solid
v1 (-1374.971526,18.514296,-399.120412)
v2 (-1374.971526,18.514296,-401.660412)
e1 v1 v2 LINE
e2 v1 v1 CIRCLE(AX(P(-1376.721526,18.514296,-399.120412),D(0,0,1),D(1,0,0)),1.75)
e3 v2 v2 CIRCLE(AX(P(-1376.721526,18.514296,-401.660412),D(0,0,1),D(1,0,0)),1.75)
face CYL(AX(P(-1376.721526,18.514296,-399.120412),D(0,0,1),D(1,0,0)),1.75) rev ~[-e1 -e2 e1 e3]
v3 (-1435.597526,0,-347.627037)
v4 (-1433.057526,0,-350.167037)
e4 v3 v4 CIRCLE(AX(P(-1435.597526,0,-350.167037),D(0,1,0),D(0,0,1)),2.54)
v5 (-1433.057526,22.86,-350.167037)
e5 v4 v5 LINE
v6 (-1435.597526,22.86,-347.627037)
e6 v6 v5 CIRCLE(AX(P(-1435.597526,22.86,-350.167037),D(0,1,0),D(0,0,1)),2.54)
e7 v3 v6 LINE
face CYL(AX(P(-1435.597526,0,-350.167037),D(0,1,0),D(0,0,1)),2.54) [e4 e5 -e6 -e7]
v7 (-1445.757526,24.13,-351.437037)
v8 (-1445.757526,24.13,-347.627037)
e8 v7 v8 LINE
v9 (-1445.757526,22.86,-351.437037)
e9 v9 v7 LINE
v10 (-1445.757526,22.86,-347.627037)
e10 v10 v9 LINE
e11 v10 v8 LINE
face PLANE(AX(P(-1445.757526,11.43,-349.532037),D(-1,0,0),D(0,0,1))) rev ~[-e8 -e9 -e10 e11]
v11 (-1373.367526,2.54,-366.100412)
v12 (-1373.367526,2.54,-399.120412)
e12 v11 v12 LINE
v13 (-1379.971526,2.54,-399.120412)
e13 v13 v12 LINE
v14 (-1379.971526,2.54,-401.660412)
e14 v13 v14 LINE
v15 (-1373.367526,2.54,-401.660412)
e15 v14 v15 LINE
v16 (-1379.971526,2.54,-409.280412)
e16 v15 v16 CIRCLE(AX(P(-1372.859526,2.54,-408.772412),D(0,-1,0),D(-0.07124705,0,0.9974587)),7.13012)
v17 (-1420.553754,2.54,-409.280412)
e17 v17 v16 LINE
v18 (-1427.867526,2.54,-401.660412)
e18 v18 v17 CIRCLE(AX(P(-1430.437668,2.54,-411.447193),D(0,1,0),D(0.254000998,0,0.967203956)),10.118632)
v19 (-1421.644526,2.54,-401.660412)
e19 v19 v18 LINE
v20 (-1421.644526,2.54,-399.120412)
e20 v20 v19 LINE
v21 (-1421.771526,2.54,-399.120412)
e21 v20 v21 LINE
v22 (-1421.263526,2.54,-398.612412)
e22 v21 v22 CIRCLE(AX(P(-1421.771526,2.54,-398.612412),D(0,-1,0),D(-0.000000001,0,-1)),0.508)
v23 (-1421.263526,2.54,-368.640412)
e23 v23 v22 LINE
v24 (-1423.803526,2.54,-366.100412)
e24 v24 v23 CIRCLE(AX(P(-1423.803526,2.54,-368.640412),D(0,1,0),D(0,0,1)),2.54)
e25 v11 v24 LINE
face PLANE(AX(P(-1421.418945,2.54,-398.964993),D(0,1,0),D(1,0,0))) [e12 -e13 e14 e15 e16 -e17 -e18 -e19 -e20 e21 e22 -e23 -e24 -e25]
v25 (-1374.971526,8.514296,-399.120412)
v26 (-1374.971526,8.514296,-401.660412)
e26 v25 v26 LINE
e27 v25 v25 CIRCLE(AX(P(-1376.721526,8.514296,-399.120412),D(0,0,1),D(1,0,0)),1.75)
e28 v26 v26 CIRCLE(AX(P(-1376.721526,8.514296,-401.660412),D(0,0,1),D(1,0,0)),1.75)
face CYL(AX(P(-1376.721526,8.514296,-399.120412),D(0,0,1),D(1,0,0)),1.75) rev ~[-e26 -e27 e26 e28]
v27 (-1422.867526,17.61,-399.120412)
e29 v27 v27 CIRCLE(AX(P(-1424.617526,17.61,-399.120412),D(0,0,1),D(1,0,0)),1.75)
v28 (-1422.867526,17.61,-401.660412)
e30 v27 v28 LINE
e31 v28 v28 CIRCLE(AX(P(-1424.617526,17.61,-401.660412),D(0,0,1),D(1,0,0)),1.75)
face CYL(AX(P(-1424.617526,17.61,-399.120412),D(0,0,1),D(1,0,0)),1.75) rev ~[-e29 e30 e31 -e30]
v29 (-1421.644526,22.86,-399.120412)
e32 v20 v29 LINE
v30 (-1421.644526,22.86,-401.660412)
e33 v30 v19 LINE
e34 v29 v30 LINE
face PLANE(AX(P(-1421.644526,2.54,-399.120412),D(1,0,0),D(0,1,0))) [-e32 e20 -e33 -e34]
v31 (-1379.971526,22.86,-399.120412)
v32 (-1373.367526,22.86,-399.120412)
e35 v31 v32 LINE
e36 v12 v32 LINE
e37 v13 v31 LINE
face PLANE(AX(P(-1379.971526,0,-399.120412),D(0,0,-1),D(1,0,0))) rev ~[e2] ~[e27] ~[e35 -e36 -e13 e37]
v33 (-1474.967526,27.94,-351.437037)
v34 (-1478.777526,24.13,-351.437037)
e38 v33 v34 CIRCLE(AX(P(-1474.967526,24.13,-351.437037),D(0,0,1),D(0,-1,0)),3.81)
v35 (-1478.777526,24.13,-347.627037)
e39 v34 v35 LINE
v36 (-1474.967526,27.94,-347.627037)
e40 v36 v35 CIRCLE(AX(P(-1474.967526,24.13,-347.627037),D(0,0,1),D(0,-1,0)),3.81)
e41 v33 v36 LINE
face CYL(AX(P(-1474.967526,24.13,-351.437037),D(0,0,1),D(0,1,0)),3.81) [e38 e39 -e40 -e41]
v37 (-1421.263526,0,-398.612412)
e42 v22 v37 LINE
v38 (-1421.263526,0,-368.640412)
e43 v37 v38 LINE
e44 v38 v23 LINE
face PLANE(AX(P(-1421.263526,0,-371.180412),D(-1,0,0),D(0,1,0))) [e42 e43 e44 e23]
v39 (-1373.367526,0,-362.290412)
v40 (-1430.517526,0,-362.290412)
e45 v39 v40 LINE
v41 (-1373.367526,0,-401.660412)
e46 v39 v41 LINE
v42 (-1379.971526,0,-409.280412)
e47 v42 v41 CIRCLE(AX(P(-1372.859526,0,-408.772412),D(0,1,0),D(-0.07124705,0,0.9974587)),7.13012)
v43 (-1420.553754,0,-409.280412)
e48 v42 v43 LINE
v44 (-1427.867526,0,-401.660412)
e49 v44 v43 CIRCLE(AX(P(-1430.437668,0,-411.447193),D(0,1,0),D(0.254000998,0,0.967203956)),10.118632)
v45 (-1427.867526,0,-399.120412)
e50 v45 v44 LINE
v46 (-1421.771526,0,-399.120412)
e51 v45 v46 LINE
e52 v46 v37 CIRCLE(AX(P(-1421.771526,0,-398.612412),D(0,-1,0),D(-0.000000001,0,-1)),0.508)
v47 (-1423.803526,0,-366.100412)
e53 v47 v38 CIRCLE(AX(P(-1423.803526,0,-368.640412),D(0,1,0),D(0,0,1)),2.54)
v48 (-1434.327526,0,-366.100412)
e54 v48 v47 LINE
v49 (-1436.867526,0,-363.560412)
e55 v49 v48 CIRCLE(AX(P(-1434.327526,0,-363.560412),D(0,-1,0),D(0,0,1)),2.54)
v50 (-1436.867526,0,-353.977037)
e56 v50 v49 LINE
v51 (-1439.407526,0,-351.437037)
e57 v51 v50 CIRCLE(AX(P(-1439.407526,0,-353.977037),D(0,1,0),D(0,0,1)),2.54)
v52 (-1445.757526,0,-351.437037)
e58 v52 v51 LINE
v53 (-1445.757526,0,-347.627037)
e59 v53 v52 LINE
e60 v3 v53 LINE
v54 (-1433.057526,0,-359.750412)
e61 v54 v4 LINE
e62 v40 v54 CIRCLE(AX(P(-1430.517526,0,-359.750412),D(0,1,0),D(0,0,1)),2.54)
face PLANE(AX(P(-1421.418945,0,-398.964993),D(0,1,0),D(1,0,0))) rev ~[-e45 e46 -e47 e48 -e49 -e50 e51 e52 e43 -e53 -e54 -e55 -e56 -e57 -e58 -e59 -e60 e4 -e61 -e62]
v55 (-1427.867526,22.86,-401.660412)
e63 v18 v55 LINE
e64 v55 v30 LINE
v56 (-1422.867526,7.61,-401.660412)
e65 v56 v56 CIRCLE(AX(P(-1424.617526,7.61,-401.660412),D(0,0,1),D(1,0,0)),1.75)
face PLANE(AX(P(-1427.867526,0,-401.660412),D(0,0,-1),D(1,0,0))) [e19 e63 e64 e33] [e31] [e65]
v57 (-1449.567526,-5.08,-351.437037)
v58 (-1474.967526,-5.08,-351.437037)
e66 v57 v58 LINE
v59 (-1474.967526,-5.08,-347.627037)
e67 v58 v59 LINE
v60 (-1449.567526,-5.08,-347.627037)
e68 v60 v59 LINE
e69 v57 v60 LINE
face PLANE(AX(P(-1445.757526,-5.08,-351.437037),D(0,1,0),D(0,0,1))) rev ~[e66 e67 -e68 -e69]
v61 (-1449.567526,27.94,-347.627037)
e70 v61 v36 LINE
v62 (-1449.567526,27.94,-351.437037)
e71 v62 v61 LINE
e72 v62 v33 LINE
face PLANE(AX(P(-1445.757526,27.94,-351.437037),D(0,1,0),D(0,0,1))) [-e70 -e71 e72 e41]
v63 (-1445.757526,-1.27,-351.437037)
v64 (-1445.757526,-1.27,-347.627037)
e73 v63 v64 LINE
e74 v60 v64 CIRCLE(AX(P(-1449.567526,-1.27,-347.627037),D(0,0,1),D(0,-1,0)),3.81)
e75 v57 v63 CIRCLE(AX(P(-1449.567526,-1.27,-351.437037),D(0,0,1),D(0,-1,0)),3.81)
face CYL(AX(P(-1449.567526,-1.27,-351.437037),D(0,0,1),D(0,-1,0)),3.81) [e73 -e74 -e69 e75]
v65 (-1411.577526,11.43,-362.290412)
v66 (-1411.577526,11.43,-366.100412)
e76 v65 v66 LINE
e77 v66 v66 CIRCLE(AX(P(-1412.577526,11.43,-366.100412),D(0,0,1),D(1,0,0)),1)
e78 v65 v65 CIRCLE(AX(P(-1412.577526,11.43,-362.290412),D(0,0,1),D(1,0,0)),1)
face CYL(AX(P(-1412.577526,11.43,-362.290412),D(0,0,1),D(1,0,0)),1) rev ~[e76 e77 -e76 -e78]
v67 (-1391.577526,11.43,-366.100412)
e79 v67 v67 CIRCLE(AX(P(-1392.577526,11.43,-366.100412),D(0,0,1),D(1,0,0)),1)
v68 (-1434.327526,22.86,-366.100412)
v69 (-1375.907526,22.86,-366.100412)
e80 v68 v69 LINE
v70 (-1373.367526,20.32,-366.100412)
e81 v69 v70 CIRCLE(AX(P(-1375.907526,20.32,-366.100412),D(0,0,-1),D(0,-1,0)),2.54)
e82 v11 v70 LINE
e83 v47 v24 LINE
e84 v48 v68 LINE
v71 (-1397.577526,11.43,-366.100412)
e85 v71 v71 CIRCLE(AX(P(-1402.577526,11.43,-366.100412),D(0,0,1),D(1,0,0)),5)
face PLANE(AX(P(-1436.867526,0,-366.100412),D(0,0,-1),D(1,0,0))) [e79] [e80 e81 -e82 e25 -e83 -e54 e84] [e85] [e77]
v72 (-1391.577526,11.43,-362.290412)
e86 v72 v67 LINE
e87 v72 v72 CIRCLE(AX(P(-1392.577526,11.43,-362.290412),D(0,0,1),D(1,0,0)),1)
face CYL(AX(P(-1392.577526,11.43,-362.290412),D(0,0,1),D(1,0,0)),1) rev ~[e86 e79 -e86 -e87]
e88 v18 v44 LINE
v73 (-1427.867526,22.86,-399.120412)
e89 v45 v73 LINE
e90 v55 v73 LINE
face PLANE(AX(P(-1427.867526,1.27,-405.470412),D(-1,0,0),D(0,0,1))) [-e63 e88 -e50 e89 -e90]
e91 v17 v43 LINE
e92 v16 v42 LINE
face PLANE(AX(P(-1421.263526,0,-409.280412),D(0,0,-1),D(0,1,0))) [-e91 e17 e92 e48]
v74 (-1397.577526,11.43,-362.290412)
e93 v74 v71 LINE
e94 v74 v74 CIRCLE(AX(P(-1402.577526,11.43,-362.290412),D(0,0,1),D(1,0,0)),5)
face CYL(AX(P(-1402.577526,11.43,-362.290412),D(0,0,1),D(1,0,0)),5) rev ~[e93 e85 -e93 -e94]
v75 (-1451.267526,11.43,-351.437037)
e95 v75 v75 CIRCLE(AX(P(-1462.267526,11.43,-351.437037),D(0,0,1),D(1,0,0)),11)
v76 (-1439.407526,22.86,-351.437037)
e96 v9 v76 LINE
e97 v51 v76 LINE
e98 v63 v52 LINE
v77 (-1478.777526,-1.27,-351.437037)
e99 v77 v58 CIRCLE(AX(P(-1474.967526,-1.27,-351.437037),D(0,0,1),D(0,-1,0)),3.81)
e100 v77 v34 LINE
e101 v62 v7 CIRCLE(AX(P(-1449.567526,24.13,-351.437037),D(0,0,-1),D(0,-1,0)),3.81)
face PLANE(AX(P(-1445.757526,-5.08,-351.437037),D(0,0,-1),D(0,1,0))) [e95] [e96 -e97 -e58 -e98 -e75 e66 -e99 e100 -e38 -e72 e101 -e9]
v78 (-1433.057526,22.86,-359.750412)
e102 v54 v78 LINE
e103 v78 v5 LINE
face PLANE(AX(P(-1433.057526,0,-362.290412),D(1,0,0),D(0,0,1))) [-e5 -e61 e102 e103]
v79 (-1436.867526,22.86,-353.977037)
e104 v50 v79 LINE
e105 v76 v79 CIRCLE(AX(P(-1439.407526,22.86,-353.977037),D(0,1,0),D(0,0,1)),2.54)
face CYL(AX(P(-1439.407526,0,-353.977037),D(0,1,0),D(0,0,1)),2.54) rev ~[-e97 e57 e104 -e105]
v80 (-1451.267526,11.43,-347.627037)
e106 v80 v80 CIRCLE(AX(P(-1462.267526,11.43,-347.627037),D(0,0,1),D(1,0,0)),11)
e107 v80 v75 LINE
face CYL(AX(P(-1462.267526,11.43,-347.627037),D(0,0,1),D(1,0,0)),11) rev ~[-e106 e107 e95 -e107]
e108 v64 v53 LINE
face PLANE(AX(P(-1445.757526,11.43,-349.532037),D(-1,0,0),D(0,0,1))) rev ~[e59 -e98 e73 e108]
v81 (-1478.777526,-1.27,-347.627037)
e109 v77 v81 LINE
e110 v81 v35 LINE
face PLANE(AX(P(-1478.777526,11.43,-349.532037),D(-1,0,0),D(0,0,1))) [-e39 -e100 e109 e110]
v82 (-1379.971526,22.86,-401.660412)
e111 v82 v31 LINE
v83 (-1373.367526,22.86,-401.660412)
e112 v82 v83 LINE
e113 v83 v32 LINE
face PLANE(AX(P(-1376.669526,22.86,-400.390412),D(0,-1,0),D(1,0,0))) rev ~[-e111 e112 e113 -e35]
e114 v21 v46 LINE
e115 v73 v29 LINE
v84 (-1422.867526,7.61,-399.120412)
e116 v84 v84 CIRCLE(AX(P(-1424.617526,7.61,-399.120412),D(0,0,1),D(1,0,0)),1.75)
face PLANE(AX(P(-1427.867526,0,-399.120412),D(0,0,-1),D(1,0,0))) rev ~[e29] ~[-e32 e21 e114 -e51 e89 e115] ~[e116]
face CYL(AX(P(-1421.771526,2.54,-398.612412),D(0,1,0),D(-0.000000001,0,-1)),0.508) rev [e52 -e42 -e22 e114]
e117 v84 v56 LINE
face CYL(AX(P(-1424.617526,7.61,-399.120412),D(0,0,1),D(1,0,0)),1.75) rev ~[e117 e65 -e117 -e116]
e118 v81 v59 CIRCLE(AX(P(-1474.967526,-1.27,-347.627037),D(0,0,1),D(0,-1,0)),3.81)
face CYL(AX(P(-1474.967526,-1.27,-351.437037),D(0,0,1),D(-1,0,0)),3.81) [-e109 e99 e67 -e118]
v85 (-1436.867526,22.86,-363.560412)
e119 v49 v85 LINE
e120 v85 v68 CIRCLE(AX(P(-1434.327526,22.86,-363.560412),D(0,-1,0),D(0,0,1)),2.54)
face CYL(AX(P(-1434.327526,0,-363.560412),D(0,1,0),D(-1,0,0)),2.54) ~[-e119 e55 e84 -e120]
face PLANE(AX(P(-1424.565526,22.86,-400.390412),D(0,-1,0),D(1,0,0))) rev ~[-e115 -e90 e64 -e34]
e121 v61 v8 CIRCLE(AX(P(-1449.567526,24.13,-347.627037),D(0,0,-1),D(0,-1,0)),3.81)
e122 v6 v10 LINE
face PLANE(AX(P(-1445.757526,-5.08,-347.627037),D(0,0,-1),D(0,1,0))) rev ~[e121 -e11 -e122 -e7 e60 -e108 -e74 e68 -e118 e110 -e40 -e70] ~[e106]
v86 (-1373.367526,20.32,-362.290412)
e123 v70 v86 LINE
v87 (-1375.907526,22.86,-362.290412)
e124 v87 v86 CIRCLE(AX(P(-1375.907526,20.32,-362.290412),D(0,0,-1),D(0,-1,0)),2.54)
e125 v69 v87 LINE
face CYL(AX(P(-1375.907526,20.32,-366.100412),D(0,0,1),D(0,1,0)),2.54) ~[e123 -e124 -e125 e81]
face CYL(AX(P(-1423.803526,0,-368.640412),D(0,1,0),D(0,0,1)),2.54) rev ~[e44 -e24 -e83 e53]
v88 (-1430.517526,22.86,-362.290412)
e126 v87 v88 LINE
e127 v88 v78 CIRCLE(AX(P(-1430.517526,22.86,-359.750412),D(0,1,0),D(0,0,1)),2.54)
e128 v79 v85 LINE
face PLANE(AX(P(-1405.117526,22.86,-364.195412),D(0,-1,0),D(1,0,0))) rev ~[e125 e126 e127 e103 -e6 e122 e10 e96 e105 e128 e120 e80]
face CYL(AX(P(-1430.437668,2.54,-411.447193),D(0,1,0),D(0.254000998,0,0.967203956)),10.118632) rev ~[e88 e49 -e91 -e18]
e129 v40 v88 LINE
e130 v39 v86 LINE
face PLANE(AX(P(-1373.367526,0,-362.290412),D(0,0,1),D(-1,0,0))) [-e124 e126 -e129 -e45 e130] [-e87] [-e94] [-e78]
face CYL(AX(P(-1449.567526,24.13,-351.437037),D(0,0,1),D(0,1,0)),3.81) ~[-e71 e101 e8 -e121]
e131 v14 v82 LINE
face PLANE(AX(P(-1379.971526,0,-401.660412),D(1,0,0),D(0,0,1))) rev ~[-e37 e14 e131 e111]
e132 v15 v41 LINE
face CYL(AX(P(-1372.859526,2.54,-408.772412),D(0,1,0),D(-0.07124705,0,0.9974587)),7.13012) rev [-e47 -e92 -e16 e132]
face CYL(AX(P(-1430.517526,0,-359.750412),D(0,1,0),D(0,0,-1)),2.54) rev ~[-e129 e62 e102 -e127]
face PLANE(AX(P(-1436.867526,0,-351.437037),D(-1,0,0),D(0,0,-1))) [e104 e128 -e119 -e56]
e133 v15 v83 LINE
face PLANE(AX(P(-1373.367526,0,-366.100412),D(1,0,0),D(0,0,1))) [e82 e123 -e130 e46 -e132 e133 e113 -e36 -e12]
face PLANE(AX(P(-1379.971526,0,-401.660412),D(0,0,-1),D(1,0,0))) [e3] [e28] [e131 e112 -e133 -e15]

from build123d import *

# Parameters (mm, degrees)
SKETCH2_W            = 47.895999966
SKETCH2_H            = 27.94
BOSS_EXTRUDE1_DEPTH  = 2.54
SKETCH4_W            = 6.604
SKETCH4_H            = 2.54
BOSS_EXTRUDE7_DEPTH  = 22.86
SKETCH22_W           = 41.291999966
SKETCH22_H           = 2.54
BOSS_EXTRUDE9_DEPTH  = 10.16
SKETCH23_W           = 7.62
SKETCH23_H           = 2.54
BOSS_EXTRUDE10_DEPTH = 6.604
SKETCH24_W           = 7.62
SKETCH24_H           = 2.54
BOSS_EXTRUDE11_DEPTH = 6.604
CUT_EXTRUDE2_DEPTH   = 6.604
SKETCH26_R           = 1.75
CUT_EXTRUDE3_DEPTH   = 6.604
SKETCH28_W           = 0.381
SKETCH28_H           = 20.32
CUT_EXTRUDE4_DEPTH   = 6.604
SKETCH29_W           = 47.895999966
SKETCH29_H           = 2.54
BOSS_EXTRUDE12_DEPTH = 5.08
SKETCH31_W           = 3.81
SKETCH31_H           = 10.853375152
BOSS_EXTRUDE13_DEPTH = 22.86
SKETCH32_W           = 3.81
SKETCH32_H           = 33.02
BOSS_EXTRUDE14_DEPTH = 33.02
SKETCH33_R           = 5
SKETCH33_R_2         = 1
CUT_EXTRUDE5_DEPTH   = 9.144
SKETCH34_R           = 11
CUT_EXTRUDE6_DEPTH   = 9.144
FILLET6_R            = 2.54
FILLET7_R            = 3.81
BOSS_EXTRUDE15_DEPTH = 2.54


with BuildPart() as part:
    # Sketch2 → Boss-Extrude1 (new body)
    with BuildSketch(Plane(origin=(0, 0, 0), x_dir=(1, 0, 0), z_dir=(0, 1, 0))):
        with Locations((-1397.315525756, 385.150412371)):
            Rectangle(SKETCH2_W, SKETCH2_H)
    extrude(amount=BOSS_EXTRUDE1_DEPTH)

    # Sketch4 → Boss-Extrude7 (add)
    with BuildSketch(Plane.XZ):
        with Locations((-1424.565525739, -400.390412371)):
            Rectangle(SKETCH4_W, SKETCH4_H)
        with Locations((-1376.669525773, -400.390412371)):
            Rectangle(SKETCH4_W, SKETCH4_H)
    extrude(amount=-BOSS_EXTRUDE7_DEPTH)


with BuildPart() as boss_extrude7_piece_1:
    # of the separate pieces the step leaves, piece 1, a body of its own (boss_extrude7_pieces)
    add(part.part.solids().sort_by_distance((-1379.971525773, 0, -399.120412371))[0])



with BuildPart() as boss_extrude7_piece_2:
    # of the separate pieces the step leaves, piece 2, a body of its own (boss_extrude7_pieces)
    add(part.part.solids().sort_by_distance((-1421.263525739, 22.86, -399.120412371))[0])


with BuildPart() as boss_extrude7_piece_1_1:
    add(boss_extrude7_piece_1.part)

    add(boss_extrude7_piece_2.part)  # Boss-Extrude9 merges Boss-Extrude7 piece 2
    # Sketch22 → Boss-Extrude9 (add)
    with BuildSketch(Plane(origin=(0, 0, -399.120412371), x_dir=(-1, 0, 0), z_dir=(0, 0, -1))):
        with Locations((1400.617525756, 1.27)):
            Rectangle(SKETCH22_W, SKETCH22_H)
    extrude(amount=BOSS_EXTRUDE9_DEPTH)

    # Sketch23 → Boss-Extrude10 (add)
    with BuildSketch(Plane(origin=(-1379.971525773, 0, 0), x_dir=(0, 0, -1), z_dir=(1, 0, 0))):
        with Locations((405.470412371, 1.27)):
            Rectangle(SKETCH23_W, SKETCH23_H)
    extrude(amount=BOSS_EXTRUDE10_DEPTH)

    # Sketch24 → Boss-Extrude11 (add)
    with BuildSketch(Plane.ZY.offset(1421.263525739)):
        with Locations((-405.470412371, 1.27)):
            Rectangle(SKETCH24_W, SKETCH24_H)
    extrude(amount=BOSS_EXTRUDE11_DEPTH)

    # Sketch25 → Cut-Extrude2 (cut)
    with BuildSketch(Plane(origin=(0, 2.54, 0), x_dir=(1, 0, 0), z_dir=(0, 1, 0))):
        with BuildLine():
            Line((-1420.553753649, 409.280412371), (-1427.867525739, 409.280412371))
            Line((-1427.867525739, 409.280412371), (-1427.867525739, 401.660412371))
            ThreePointArc((-1427.867525739, 401.660412371), (-1423.137532321, 404.440430382), (-1420.553753649, 409.280412371))
        make_face()
        with BuildLine():
            Line((-1379.971525773, 409.280412371), (-1373.367525773, 409.280412371))
            Line((-1373.367525773, 409.280412371), (-1373.367525773, 401.660412371))
            ThreePointArc((-1373.367525773, 401.660412371), (-1378.247679446, 404.102679188), (-1379.971525773, 409.280412371))
        make_face()
    extrude(amount=-CUT_EXTRUDE2_DEPTH, mode=Mode.SUBTRACT)

    # Sketch26 → Cut-Extrude3 (cut)
    with BuildSketch(Plane.XY.offset(-399.120412371)):
        with Locations((-1424.617525739, 17.61)):
            Circle(SKETCH26_R)
        with Locations((-1424.617525739, 7.61)):
            Circle(SKETCH26_R)
        with Locations((-1376.721525773, 18.514296447)):
            Circle(SKETCH26_R)
        with Locations((-1376.721525773, 8.514296447)):
            Circle(SKETCH26_R)
    extrude(amount=-CUT_EXTRUDE3_DEPTH, mode=Mode.SUBTRACT)

    # Sketch28 → Cut-Extrude4 (cut)
    with BuildSketch(Plane.XY.offset(-399.120412371)):
        with Locations((-1421.454025739, 12.7)):
            Rectangle(SKETCH28_W, SKETCH28_H)
    extrude(amount=-CUT_EXTRUDE4_DEPTH, mode=Mode.SUBTRACT)

    # Sketch29 → Boss-Extrude12 (add)
    with BuildSketch(Plane.XY.offset(-371.180412371)):
        with Locations((-1397.315525756, 1.27)):
            Rectangle(SKETCH29_W, SKETCH29_H)
    extrude(amount=BOSS_EXTRUDE12_DEPTH)

    # Sketch31 → Boss-Extrude13 (add)
    with BuildSketch(Plane.XZ):
        Polygon((-1421.263525739, -366.100412371), (-1373.367525773, -366.100412371), (-1373.367525773, -362.290412371), (-1433.057525773, -362.290412371), (-1436.867525773, -362.290412371), (-1436.867525773, -366.100412371), align=None)
        with Locations((-1434.962525773, -356.863724795)):
            Rectangle(SKETCH31_W, SKETCH31_H)
        Polygon((-1436.867525773, -351.437037219), (-1433.057525773, -351.437037219), (-1433.057525773, -347.627037219), (-1445.757525773, -347.627037219), (-1445.757525773, -351.437037219), align=None)
    extrude(amount=-BOSS_EXTRUDE13_DEPTH)

    # Sketch32 → Boss-Extrude14 (add)
    with BuildSketch(Plane.ZY.offset(1445.757525773)):
        with Locations((-349.532037219, 11.43)):
            Rectangle(SKETCH32_W, SKETCH32_H)
    extrude(amount=BOSS_EXTRUDE14_DEPTH)

    # Sketch33 → Cut-Extrude5 (cut)
    with BuildSketch(Plane.XY.offset(-362.290412371)):
        with Locations((-1402.577525773, 11.43)):
            Circle(SKETCH33_R)
        with Locations((-1412.577525773, 11.43)):
            Circle(SKETCH33_R_2)
        with Locations((-1392.577525773, 11.43)):
            Circle(SKETCH33_R_2)
    extrude(amount=-CUT_EXTRUDE5_DEPTH, mode=Mode.SUBTRACT)

    # Sketch34 → Cut-Extrude6 (cut)
    with BuildSketch(Plane.XY.offset(-347.627037219)):
        with Locations((-1462.267525773, 11.43)):
            Circle(SKETCH34_R)
    extrude(amount=-CUT_EXTRUDE6_DEPTH, mode=Mode.SUBTRACT)

    # Fillet6
    fillet6_edges = [boss_extrude7_piece_1_1.edges().sort_by_distance(p)[0] for p in [
        (-1421.263525739, 1.27, -366.100412371),
        (-1436.867525773, 11.43, -366.100412371),
        (-1436.867525773, 11.43, -351.437037219),
        (-1433.057525773, 11.43, -347.627037219),
        (-1433.057525773, 11.43, -362.290412371),
        (-1373.367525773, 22.86, -364.195412371),
    ]]
    fillet(fillet6_edges, radius=FILLET6_R)

    # Fillet7
    fillet7_edges = [boss_extrude7_piece_1_1.edges().sort_by_distance(p)[0] for p in [
        (-1445.757525773, -5.08, -349.532037219),
        (-1445.757525773, 27.94, -349.532037219),
        (-1478.777525773, -5.08, -349.532037219),
        (-1478.777525773, 27.94, -349.532037219),
    ]]
    fillet(fillet7_edges, radius=FILLET7_R)

    # Sketch35 → Boss-Extrude15 (add)
    with BuildSketch(Plane(origin=(0, 2.54, 0), x_dir=(1, 0, 0), z_dir=(0, 1, 0))):
        with BuildLine():
            Line((-1421.263525739, 399.120412371), (-1421.771525739, 399.120412371))
            ThreePointArc((-1421.771525739, 399.120412371), (-1421.412315494, 398.971622616), (-1421.263525739, 398.612412371))
            Line((-1421.263525739, 398.612412371), (-1421.263525739, 399.120412371))
        make_face()
    extrude(amount=-BOSS_EXTRUDE15_DEPTH)


solid = boss_extrude7_piece_1_1.part
